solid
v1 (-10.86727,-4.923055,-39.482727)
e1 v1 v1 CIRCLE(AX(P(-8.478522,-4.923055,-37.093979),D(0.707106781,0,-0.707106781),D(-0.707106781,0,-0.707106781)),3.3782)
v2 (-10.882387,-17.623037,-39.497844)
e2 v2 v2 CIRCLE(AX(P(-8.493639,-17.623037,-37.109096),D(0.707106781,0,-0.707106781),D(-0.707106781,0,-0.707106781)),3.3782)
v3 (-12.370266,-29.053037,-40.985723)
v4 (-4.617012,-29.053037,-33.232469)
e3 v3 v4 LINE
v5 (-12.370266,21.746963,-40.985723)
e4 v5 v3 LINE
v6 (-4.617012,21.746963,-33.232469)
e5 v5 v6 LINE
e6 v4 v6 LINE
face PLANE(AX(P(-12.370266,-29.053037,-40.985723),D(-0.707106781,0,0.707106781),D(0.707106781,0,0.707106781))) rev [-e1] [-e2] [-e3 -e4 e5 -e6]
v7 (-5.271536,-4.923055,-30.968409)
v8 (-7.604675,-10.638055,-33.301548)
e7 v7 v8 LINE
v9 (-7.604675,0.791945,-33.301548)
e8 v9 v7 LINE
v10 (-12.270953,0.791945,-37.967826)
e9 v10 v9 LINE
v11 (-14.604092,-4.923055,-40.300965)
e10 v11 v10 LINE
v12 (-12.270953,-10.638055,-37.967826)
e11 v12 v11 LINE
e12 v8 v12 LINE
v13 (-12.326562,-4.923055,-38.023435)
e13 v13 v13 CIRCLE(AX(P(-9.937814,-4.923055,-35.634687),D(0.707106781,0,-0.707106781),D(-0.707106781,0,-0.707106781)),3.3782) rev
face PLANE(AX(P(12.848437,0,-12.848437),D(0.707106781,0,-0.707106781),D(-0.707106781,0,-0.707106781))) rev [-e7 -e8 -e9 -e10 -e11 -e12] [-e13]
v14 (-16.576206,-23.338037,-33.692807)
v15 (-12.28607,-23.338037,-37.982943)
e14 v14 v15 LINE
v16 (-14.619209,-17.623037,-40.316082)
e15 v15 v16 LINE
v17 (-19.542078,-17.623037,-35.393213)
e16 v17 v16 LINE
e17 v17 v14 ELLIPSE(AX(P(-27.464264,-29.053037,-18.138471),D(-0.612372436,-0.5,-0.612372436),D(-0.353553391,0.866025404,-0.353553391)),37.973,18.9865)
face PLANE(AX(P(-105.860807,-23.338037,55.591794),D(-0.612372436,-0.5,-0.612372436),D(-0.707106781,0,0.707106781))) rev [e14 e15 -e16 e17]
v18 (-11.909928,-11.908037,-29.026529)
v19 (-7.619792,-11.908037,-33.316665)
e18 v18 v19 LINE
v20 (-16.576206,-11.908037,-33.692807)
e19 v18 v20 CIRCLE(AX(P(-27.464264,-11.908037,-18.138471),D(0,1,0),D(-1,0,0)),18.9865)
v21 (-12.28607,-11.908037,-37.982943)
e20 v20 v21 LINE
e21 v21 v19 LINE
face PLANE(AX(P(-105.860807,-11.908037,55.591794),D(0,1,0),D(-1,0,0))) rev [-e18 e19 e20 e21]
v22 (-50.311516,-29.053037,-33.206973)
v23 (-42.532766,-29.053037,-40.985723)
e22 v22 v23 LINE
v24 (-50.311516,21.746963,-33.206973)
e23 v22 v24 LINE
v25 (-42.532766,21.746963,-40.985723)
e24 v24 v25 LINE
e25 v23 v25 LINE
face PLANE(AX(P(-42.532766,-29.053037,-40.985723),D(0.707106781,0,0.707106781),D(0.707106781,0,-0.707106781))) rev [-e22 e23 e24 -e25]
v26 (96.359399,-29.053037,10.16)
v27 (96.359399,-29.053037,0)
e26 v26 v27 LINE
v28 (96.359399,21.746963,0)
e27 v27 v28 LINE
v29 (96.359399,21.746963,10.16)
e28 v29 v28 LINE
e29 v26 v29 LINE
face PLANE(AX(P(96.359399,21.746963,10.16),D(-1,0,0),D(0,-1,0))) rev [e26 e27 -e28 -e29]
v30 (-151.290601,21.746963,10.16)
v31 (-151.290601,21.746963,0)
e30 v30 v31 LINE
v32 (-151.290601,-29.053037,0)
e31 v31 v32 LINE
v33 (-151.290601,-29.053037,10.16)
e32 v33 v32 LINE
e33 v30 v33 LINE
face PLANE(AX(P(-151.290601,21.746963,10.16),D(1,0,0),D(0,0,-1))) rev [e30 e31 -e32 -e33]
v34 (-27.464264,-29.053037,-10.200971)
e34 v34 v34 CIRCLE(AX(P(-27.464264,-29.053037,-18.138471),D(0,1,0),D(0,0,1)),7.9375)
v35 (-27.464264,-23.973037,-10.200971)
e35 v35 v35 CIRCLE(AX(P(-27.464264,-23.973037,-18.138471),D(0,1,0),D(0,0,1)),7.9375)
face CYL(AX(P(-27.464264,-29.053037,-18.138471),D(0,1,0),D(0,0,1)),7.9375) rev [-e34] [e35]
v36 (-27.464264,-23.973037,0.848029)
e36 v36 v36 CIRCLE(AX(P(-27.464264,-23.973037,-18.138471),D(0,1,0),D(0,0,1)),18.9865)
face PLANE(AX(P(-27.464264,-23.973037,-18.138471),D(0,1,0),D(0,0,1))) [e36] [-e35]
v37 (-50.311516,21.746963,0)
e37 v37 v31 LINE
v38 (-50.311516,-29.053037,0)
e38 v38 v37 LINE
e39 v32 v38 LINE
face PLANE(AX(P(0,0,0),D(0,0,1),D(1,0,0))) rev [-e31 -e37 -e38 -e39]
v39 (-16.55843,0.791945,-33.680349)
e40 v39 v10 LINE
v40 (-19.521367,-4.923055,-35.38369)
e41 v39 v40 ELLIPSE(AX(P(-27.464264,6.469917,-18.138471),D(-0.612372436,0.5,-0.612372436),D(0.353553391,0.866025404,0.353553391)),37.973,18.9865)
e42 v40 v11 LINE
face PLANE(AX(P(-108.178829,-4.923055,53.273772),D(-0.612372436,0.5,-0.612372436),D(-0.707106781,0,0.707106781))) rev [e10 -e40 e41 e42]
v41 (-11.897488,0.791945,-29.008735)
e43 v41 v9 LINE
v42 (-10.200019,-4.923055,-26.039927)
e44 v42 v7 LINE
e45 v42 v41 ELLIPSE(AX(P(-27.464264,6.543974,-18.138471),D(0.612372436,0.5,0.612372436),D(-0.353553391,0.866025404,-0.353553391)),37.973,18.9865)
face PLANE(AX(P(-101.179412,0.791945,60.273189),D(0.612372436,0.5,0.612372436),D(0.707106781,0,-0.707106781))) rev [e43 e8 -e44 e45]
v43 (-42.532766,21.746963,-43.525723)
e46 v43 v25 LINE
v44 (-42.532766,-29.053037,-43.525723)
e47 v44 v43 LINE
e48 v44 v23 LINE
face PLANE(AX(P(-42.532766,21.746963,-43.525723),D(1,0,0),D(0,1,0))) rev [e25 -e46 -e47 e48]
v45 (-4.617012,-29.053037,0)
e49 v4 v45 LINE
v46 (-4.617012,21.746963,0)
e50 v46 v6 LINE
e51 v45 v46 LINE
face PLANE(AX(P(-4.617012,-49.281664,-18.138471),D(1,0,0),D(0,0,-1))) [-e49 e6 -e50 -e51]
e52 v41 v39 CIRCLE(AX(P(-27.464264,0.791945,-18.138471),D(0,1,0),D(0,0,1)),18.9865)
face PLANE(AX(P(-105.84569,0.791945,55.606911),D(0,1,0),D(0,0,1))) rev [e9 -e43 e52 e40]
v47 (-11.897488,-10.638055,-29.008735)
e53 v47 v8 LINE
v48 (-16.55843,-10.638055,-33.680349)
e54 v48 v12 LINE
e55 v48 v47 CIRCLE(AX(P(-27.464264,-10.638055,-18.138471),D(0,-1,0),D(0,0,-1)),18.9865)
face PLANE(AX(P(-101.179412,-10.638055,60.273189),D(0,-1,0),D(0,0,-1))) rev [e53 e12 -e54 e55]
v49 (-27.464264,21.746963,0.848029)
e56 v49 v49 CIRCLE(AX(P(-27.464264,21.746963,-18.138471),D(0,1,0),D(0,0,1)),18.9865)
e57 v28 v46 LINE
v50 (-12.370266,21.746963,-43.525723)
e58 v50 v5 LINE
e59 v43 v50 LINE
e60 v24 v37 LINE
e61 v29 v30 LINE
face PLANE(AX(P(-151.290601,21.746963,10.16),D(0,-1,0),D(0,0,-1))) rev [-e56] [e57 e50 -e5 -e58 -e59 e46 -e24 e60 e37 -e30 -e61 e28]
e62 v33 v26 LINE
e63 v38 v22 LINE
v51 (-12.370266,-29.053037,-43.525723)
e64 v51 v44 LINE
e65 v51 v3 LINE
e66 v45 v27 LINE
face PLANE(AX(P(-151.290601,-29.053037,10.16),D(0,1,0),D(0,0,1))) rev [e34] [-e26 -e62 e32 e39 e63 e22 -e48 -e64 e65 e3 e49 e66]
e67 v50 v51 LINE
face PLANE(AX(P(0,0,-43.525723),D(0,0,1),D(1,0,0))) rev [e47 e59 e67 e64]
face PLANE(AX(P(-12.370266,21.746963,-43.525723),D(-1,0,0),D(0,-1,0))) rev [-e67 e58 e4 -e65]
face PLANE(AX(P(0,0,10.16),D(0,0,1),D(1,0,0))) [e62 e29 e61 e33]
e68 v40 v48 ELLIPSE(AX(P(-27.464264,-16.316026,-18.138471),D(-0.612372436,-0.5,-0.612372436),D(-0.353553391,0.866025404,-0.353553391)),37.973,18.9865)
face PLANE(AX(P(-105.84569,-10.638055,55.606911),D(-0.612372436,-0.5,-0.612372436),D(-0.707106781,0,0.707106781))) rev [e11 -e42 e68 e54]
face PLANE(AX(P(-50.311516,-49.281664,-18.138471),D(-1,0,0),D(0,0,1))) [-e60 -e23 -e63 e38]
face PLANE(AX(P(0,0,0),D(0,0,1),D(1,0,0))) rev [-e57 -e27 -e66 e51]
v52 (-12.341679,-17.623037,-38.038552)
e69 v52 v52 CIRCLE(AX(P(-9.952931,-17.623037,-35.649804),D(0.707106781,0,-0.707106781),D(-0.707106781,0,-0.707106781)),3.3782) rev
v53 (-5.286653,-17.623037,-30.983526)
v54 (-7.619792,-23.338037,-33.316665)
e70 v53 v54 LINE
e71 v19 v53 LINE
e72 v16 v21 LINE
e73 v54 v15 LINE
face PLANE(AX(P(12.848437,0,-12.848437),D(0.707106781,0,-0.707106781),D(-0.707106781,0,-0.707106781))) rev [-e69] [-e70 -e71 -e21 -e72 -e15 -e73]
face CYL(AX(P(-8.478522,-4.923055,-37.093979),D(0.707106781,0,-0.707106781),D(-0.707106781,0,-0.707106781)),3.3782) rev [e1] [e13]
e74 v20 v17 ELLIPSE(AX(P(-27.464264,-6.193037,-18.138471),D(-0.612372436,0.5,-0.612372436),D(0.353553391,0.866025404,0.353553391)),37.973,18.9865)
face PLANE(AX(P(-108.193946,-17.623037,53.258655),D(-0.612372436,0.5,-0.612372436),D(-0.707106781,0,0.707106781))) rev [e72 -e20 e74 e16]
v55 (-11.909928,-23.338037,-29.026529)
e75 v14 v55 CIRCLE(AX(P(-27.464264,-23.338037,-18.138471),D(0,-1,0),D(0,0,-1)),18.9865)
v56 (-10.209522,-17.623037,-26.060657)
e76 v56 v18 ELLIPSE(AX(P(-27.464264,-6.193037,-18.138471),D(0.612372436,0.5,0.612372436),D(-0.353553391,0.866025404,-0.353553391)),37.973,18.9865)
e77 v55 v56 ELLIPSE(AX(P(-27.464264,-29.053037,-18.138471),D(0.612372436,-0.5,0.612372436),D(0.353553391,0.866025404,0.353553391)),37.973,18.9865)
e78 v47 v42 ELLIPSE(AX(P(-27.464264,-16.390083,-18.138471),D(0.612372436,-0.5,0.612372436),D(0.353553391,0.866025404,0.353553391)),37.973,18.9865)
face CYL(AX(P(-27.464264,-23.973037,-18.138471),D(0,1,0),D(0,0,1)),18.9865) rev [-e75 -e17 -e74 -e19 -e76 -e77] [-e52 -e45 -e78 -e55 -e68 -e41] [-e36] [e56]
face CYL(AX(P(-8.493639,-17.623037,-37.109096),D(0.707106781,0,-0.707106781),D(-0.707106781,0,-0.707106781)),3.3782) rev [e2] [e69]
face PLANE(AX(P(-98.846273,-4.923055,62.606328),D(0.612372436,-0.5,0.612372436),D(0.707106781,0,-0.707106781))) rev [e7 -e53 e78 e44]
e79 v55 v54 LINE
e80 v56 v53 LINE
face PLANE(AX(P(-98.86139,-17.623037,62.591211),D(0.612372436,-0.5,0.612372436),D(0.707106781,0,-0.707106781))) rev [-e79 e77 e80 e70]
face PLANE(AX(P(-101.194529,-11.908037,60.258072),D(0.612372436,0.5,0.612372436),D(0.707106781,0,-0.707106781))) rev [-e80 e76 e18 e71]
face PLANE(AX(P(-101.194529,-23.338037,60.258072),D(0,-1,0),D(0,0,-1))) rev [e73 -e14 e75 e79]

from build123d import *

# Parameters (mm, degrees)
SKETCH1_W                           = 247.65
SKETCH1_H                           = 50.8
BOSS_EXTRUDE1_DEPTH                 = 10.16
CUT_EXTRUDE1_DEPTH                  = 160.914701011
CUT_EXTRUDE1_DEPTH_BACK             = 160.914701011
SKETCH7_R                           = 22.847252038
BOSS_EXTRUDE2_DEPTH                 = 50.8
SKETCH8_R                           = 18.9865
CUT_EXTRUDE2_DEPTH                  = 45.72
SKETCH9_R                           = 7.9375
CUT_EXTRUDE3_DEPTH                  = 164.275821461
BOSS_EXTRUDE3_DEPTH                 = 50.8
BOSS_EXTRUDE4_START                 = -50.8
BOSS_EXTRUDE4_DEPTH                 = 50.8
BOSS_EXTRUDE5_START                 = -50.8
BOSS_EXTRUDE5_DEPTH                 = 50.8
SKETCH22_W                          = 30.1625
SKETCH22_H                          = 50.8
BOSS_EXTRUDE6_DEPTH                 = 2.54
CUT_EXTRUDE4_DEPTH                  = 166.420598915
TAP_DRILL_FOR_1_4_HELICOIL1_REACH   = 172.648
TAP_DRILL_FOR_1_4_HELICOIL1_BORE_R  = 3.3782
CUT_EXTRUDE5_DEPTH                  = 5.55625
CUT_EXTRUDE5_DIRECTION_2_REACH      = 168.46
CUT_EXTRUDE5_DIRECTION_2_END_RADIUS = 18.9865


with BuildPart() as part:
    # Sketch1 → Boss-Extrude1 (new body)
    with BuildSketch(Plane.XY):
        with Locations((-27.465601161, -3.653036721)):
            Rectangle(SKETCH1_W, SKETCH1_H)
    extrude(amount=BOSS_EXTRUDE1_DEPTH)

    # Sketch6 → Cut-Extrude1 (cut, two sides: drawn at the far end of the back side and taken through both)
    with BuildSketch(Plane(origin=(0, 21.746963279, 0), x_dir=(1, 0, 0), z_dir=(0, 1, 0)).offset(-CUT_EXTRUDE1_DEPTH_BACK)):
        with BuildLine():
            Line((211.371578383, 140.927334364), (-20.861601161, 0))
            ThreePointArc((-20.861601161, 0), (-27.465601161, -1.847030056), (-34.069601161, 0))
            Line((-34.069601161, 0), (-266.302780705, 140.927334364))
            Line((-266.302780705, 140.927334364), (-266.302780705, 684.223803161))
            Line((-266.302780705, 684.223803161), (211.371578383, 684.223803161))
            Line((211.371578383, 684.223803161), (211.371578383, 140.927334364))
        make_face()
    extrude(amount=CUT_EXTRUDE1_DEPTH + CUT_EXTRUDE1_DEPTH_BACK, mode=Mode.SUBTRACT)

    # Sketch7 → Boss-Extrude2 (add, through all)
    with BuildSketch(Plane(origin=(0, 21.746963279, 0), x_dir=(1, 0, 0), z_dir=(0, 1, 0))):
        with Locations((-27.464264218, 18.13847077)):
            Circle(SKETCH7_R)
    extrude(amount=-BOSS_EXTRUDE2_DEPTH)

    # Sketch8 → Cut-Extrude2 (cut)
    with BuildSketch(Plane(origin=(0, 21.746963279, 0), x_dir=(1, 0, 0), z_dir=(0, 1, 0))):
        with Locations(Location((-27.464264218, 18.13847077, 0), (0, 0, 270))):
            Circle(SKETCH8_R)
    extrude(amount=-CUT_EXTRUDE2_DEPTH, mode=Mode.SUBTRACT)

    # Sketch9 → Cut-Extrude3 (cut, through all)
    with BuildSketch(Plane(origin=(0, -23.973036721, 0), x_dir=(1, 0, 0), z_dir=(0, 1, 0))):
        with Locations(Location((-27.464264218, 18.13847077, 0), (0, 0, 270))):
            Circle(SKETCH9_R)
    extrude(amount=-CUT_EXTRUDE3_DEPTH, mode=Mode.SUBTRACT)

    # Sketch12 → Boss-Extrude3 (add)
    with BuildSketch(Plane(origin=(0, 21.746963279, 0), x_dir=(1, 0, 0), z_dir=(0, 1, 0))):
        with BuildLine():
            Line((-4.61701218, 18.13847077), (-4.61701218, 0))
            Line((-4.61701218, 0), (-13.572079227, 0))
            ThreePointArc((-13.572079227, 0), (-6.977742093, 8.024157302), (-4.61701218, 18.13847077))
        make_face()
        with BuildLine():
            Line((-50.311516256, 18.13847077), (-50.311516256, 0))
            Line((-50.311516256, 0), (-41.356449209, 0))
            ThreePointArc((-41.356449209, 0), (-47.950786342, 8.024157302), (-50.311516256, 18.13847077))
        make_face()
    extrude(amount=-BOSS_EXTRUDE3_DEPTH)

    # Sketch16 → Boss-Extrude4 (add)
    with BuildSketch(Plane.XZ.offset(29.053036721).offset(BOSS_EXTRUDE4_START)):
        with BuildLine():
            Line((-50.311516256, -18.13847077), (-50.311516256, -40.985722808))
            Line((-50.311516256, -40.985722808), (-27.464264218, -40.985722808))
            ThreePointArc((-27.464264218, -40.985722808), (-43.619711065, -34.293917617), (-50.311516256, -18.13847077))
        make_face()
    extrude(amount=BOSS_EXTRUDE4_DEPTH)

    # Sketch18 → Boss-Extrude5 (add)
    with BuildSketch(Plane.XZ.offset(29.053036721).offset(BOSS_EXTRUDE5_START)):
        with BuildLine():
            Line((-4.61701218, -18.13847077), (-4.61701218, -40.985722808))
            Line((-4.61701218, -40.985722808), (-27.464264218, -40.985722808))
            ThreePointArc((-27.464264218, -40.985722808), (-11.30881737, -34.293917617), (-4.61701218, -18.13847077))
        make_face()
    extrude(amount=BOSS_EXTRUDE5_DEPTH)

    # Sketch22 → Boss-Extrude6 (add)
    with BuildSketch(Plane(origin=(0, 0, -40.985722808), x_dir=(-1, 0, 0), z_dir=(0, 0, -1))):
        with Locations((27.451516256, -3.653036721)):
            Rectangle(SKETCH22_W, SKETCH22_H)
    extrude(amount=BOSS_EXTRUDE6_DEPTH)

    # Sketch23 → Cut-Extrude4 (cut, through all)
    with BuildSketch(Plane(origin=(0, 21.746963279, 0), x_dir=(1, 0, 0), z_dir=(0, 1, 0))):
        Polygon((-42.532766256, 40.985722808), (-50.311516256, 33.206972808), (-50.311516256, 40.985722808), align=None)
        Polygon((-12.370266256, 40.985722808), (-4.61701218, 33.232468732), (-4.61701218, 40.985722808), align=None)
    extrude(amount=-CUT_EXTRUDE4_DEPTH, mode=Mode.SUBTRACT)

    # Tap Drill for 1/4 Helicoil1 bore → Tap Drill for 1/4 Helicoil1 (cut, up to next)
    with BuildSketch(Plane(origin=(14.307728276, 0, -14.307728276), x_dir=(-0.7071067811865561, 0, -0.7071067811865389), z_dir=(0.7071067811865389, 0, -0.7071067811865561)), mode=Mode.PRIVATE) as tap_drill_for_1_4_helicoil1_sk1:
        with Locations((32.224624617, -4.923054714)):
            Circle(TAP_DRILL_FOR_1_4_HELICOIL1_BORE_R)
    tap_drill_for_1_4_helicoil1_tool1 = extrude(tap_drill_for_1_4_helicoil1_sk1.sketch, amount=-TAP_DRILL_FOR_1_4_HELICOIL1_REACH, mode=Mode.PRIVATE) & part.part
    # Tap Drill for 1/4 Helicoil1 bore → Tap Drill for 1/4 Helicoil1 (cut, up to next)
    with BuildSketch(Plane(origin=(14.307728276, 0, -14.307728276), x_dir=(-0.7071067811865561, 0, -0.7071067811865389), z_dir=(0.7071067811865389, 0, -0.7071067811865561)), mode=Mode.PRIVATE) as tap_drill_for_1_4_helicoil1_sk2:
        with Locations((32.24600315, -17.623036721)):
            Circle(TAP_DRILL_FOR_1_4_HELICOIL1_BORE_R)
    tap_drill_for_1_4_helicoil1_tool2 = extrude(tap_drill_for_1_4_helicoil1_sk2.sketch, amount=-TAP_DRILL_FOR_1_4_HELICOIL1_REACH, mode=Mode.PRIVATE) & part.part
    add(tap_drill_for_1_4_helicoil1_tool1.solids().sort_by_distance((-8.478522, -4.923055, -37.093979))[0], mode=Mode.SUBTRACT)
    add(tap_drill_for_1_4_helicoil1_tool2.solids().sort_by_distance((-8.493639, -17.623037, -37.109096))[0], mode=Mode.SUBTRACT)

    # Sketch28 → Cut-Extrude5 (cut)
    with BuildSketch(Plane(origin=(8.919574603, 0, -8.919574603), x_dir=(-0.7071067811865561, 0, -0.7071067811865389), z_dir=(0.7071067811865389, 0, -0.7071067811865561))):
        Polygon((28.946446362, -23.338036721), (35.545559939, -23.338036721), (38.845116727, -17.623036721), (35.545559939, -11.908036721), (28.946446362, -11.908036721), (25.646889574, -17.623036721), align=None)
        Polygon((38.823738194, -4.923054714), (35.524181405, 0.791945286), (28.925067829, 0.791945286), (25.62551104, -4.923054714), (28.925067829, -10.638054714), (35.524181405, -10.638054714), align=None)
    extrude(amount=CUT_EXTRUDE5_DEPTH, mode=Mode.SUBTRACT)

    # Cut-Extrude5 direction 2: up to this cylinder (the profile starts outside it)
    cut_extrude5_direction_2_end = Plane(origin=(-27.464264218, -11.273046, -18.13847077), z_dir=(0, 1, 0)) * Cylinder(CUT_EXTRUDE5_DIRECTION_2_END_RADIUS, 388.592982, mode=Mode.PRIVATE)
    # Sketch28 → Cut-Extrude5 direction 2 (cut, up to the surface)
    with BuildSketch(Plane(origin=(8.919574603, 0, -8.919574603), x_dir=(-0.7071067811865561, 0, -0.7071067811865389), z_dir=(0.7071067811865389, 0, -0.7071067811865561)), mode=Mode.PRIVATE) as cut_extrude5_direction_2_sk1:
        Polygon((28.946446362, -23.338036721), (35.545559939, -23.338036721), (38.845116727, -17.623036721), (35.545559939, -11.908036721), (28.946446362, -11.908036721), (25.646889574, -17.623036721), align=None)
    cut_extrude5_direction_2_tool1 = extrude(cut_extrude5_direction_2_sk1.sketch, amount=-CUT_EXTRUDE5_DIRECTION_2_REACH, mode=Mode.PRIVATE) - cut_extrude5_direction_2_end
    add(cut_extrude5_direction_2_tool1.solids().sort_by_distance((-13.881793, -17.623037, -31.720942))[0], mode=Mode.SUBTRACT)
    # Sketch28 → Cut-Extrude5 direction 2 (cut, up to the surface)
    with BuildSketch(Plane(origin=(8.919574603, 0, -8.919574603), x_dir=(-0.7071067811865561, 0, -0.7071067811865389), z_dir=(0.7071067811865389, 0, -0.7071067811865561)), mode=Mode.PRIVATE) as cut_extrude5_direction_2_sk2:
        Polygon((38.823738194, -4.923054714), (35.524181405, 0.791945286), (28.925067829, 0.791945286), (25.62551104, -4.923054714), (28.925067829, -10.638054714), (35.524181405, -10.638054714), align=None)
    cut_extrude5_direction_2_tool2 = extrude(cut_extrude5_direction_2_sk2.sketch, amount=-CUT_EXTRUDE5_DIRECTION_2_REACH, mode=Mode.PRIVATE) - cut_extrude5_direction_2_end
    add(cut_extrude5_direction_2_tool2.solids().sort_by_distance((-13.866676, -4.923055, -31.705825))[0], mode=Mode.SUBTRACT)


solid = part.part
